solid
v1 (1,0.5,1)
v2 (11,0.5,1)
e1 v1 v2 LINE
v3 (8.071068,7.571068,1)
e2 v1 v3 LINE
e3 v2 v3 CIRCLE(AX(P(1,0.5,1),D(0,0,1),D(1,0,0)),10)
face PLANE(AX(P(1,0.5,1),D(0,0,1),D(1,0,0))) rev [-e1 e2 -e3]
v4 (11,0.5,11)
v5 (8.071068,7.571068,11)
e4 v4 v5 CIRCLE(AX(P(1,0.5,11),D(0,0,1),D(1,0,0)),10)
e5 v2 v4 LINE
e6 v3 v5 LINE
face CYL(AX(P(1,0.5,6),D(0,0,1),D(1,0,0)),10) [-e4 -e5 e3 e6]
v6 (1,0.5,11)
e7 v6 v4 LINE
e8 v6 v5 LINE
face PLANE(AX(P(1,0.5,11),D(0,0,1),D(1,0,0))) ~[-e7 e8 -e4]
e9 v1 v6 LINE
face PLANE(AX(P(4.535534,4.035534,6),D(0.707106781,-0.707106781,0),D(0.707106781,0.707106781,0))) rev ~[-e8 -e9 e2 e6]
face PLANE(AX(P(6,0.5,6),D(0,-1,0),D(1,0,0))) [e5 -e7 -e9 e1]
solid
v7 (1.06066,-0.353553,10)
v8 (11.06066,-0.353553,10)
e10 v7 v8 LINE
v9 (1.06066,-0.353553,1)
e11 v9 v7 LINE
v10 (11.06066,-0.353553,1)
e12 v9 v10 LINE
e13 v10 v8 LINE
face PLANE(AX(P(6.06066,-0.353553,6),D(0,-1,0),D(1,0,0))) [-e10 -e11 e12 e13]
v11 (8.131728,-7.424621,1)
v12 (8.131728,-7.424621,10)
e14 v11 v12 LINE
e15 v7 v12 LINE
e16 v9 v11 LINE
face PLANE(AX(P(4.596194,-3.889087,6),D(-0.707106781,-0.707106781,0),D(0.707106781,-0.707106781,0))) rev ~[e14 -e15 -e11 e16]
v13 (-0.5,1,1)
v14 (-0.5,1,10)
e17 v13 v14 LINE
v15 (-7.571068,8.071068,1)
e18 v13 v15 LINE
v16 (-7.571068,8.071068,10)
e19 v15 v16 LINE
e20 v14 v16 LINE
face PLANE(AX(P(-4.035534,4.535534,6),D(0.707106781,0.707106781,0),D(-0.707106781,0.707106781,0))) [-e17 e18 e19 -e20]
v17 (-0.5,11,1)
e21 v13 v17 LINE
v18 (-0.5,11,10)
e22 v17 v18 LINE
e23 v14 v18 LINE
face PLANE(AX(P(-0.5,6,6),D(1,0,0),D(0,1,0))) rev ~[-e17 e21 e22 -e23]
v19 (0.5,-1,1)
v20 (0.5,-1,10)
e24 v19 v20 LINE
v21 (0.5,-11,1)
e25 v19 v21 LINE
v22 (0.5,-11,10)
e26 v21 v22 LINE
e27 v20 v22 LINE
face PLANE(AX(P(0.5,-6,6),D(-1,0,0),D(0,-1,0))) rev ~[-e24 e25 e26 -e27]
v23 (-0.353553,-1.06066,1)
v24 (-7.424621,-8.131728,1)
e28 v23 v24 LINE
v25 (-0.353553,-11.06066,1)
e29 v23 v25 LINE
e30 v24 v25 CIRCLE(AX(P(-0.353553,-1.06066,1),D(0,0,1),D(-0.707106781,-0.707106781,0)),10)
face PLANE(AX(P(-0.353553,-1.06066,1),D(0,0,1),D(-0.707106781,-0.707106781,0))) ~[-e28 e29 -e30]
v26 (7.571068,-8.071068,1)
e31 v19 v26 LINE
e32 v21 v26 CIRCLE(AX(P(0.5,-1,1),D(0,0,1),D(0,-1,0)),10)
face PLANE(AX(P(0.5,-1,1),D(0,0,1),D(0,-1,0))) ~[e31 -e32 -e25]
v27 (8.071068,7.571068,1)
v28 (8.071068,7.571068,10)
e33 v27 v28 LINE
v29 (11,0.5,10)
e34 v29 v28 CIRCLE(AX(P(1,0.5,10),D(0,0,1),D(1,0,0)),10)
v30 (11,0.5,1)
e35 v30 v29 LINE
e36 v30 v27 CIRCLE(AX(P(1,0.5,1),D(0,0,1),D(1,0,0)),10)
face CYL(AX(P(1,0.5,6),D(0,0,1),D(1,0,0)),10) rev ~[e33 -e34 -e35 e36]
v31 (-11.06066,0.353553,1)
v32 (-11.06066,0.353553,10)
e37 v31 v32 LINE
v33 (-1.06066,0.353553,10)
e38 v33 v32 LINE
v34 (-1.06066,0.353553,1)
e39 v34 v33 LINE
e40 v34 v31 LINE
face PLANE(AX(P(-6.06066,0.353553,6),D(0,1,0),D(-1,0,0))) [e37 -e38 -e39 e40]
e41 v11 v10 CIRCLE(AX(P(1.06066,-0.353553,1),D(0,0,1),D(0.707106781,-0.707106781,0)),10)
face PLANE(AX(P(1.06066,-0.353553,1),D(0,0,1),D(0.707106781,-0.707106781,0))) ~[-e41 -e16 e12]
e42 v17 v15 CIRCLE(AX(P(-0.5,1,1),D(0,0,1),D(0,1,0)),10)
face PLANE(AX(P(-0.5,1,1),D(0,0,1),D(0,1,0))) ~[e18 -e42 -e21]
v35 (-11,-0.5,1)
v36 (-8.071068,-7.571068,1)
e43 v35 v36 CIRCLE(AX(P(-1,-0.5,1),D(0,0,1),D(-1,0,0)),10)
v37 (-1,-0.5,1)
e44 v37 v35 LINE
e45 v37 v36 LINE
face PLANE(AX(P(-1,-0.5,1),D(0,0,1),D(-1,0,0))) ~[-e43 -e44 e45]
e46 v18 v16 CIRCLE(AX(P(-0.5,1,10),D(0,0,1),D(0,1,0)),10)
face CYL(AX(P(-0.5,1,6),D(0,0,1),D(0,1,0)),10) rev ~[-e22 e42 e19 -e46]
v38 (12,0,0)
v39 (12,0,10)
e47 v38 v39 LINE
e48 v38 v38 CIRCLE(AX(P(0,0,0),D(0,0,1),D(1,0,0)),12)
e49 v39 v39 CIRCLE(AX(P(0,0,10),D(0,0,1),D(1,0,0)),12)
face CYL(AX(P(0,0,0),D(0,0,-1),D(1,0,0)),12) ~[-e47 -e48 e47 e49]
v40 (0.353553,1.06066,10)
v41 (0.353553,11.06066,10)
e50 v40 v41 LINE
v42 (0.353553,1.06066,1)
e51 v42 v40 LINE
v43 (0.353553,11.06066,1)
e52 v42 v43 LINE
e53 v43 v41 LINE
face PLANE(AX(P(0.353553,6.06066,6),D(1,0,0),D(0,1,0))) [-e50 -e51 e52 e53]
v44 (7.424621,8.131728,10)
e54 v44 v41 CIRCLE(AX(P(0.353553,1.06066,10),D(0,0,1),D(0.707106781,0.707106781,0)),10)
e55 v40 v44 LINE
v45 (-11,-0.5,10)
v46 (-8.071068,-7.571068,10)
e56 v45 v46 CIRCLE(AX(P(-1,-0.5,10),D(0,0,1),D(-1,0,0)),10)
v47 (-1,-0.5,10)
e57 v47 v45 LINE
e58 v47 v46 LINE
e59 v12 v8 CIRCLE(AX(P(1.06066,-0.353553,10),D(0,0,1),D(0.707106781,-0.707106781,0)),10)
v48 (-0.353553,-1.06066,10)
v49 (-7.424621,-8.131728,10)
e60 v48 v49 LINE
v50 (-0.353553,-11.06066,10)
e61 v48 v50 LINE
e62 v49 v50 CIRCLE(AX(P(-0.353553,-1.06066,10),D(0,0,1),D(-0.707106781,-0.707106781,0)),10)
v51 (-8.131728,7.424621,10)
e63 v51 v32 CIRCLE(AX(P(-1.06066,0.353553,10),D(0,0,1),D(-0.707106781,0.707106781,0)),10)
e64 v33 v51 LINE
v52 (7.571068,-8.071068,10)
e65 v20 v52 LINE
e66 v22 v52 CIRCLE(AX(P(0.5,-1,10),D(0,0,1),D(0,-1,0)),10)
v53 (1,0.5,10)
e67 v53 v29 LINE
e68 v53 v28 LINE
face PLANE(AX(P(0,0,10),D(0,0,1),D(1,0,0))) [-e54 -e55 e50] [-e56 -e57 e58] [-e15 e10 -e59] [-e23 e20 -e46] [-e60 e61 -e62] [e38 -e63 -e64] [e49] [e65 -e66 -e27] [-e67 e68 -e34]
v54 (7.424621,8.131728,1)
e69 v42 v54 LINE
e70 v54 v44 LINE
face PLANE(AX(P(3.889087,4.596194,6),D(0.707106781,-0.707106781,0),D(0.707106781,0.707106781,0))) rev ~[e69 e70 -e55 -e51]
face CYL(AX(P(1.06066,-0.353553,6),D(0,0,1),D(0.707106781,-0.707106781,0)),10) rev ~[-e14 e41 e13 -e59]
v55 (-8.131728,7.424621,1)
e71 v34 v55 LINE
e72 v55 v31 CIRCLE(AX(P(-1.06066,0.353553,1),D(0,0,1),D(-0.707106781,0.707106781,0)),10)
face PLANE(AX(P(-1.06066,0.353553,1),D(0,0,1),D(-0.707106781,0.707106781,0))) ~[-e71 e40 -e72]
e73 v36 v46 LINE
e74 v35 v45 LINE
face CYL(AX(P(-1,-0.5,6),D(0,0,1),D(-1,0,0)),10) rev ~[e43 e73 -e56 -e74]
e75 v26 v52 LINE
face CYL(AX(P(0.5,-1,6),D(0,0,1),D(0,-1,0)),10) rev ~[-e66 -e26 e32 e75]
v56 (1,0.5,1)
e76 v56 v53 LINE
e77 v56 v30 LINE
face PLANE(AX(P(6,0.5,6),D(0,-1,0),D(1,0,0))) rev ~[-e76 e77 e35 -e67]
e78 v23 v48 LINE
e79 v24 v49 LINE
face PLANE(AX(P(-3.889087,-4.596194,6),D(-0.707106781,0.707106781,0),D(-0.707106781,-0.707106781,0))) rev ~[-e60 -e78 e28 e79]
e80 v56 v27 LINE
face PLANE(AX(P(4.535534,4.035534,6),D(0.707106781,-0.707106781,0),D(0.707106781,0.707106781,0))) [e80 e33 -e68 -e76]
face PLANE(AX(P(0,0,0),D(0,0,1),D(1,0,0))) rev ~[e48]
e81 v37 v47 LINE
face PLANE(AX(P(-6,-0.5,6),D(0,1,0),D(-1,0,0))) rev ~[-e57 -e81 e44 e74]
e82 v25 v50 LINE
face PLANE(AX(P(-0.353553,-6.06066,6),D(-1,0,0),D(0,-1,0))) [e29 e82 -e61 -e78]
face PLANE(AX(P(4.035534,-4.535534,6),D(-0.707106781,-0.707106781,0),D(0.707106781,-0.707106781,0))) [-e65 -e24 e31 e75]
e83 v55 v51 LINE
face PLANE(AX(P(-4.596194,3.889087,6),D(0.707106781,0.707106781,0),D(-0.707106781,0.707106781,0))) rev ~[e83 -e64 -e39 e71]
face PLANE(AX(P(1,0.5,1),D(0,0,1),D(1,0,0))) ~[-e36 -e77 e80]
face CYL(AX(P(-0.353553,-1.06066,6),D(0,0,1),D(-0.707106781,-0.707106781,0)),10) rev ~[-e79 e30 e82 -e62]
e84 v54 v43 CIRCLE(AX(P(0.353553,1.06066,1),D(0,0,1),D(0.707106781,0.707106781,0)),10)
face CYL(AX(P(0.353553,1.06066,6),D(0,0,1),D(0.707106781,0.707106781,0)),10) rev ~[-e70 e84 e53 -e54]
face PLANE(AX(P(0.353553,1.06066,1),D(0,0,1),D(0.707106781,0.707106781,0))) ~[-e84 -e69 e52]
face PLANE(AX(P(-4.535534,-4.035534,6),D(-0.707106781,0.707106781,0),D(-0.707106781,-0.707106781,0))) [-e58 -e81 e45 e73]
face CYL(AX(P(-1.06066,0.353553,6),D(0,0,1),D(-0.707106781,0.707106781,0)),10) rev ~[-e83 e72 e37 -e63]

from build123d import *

# Parameters (mm, degrees)
CYLINDER002_W     = 10
CYLINDER002_H     = 10
CYLINDER002_ANGLE = 45
CYLINDER001_W     = 10
CYLINDER001_H     = 10
CYLINDER001_ANGLE = 45
ARRAY_COUNT       = 8
CYLINDER_R        = 12
CYLINDER_DEPTH    = 10


with BuildPart() as cilindre002:
    # Cylinder002 → Cylinder002 (revolve)
    with BuildSketch(Plane(origin=(1, 0.5, 1), x_dir=(1, 0, 0), z_dir=(0, -1, 0))):
        with Locations((5, 5)):
            Rectangle(CYLINDER002_W, CYLINDER002_H)
    revolve(axis=Axis((1, 0.5, 1), (0, 0, 1)), revolution_arc=CYLINDER002_ANGLE)


with BuildPart() as array:
    # Cylinder001 → Cylinder001 (revolve)
    with BuildSketch(Plane(origin=(1, 0.5, 0), x_dir=(1, 0, 0), z_dir=(0, -1, 0))):
        with Locations((5, 5)):
            Rectangle(CYLINDER001_W, CYLINDER001_H)
    revolve(axis=Axis((1, 0.5, 0), (0, 0, 1)), revolution_arc=CYLINDER001_ANGLE)

    # Array: Array ×8 about axis
    array_axis = Axis((0, 0, 0), (0, 0, 1))


with BuildPart() as array_1:
    add(array.part)
    for i in range(1, ARRAY_COUNT):
        add(array.part.rotate(array_axis, i * 360 / ARRAY_COUNT))


with BuildPart() as array_2:
    # Array placement: moved
    add(array_1.part.moved(Location((0, 0, 1))))


with BuildPart() as cut:
    # Cylinder → Cylinder (new body)
    with BuildSketch(Plane.XY):
        Circle(CYLINDER_R)
    extrude(amount=CYLINDER_DEPTH)

    # Cut: cut Array
    add(array_2.part, mode=Mode.SUBTRACT)


solid = Compound([cilindre002.part, cut.part])
